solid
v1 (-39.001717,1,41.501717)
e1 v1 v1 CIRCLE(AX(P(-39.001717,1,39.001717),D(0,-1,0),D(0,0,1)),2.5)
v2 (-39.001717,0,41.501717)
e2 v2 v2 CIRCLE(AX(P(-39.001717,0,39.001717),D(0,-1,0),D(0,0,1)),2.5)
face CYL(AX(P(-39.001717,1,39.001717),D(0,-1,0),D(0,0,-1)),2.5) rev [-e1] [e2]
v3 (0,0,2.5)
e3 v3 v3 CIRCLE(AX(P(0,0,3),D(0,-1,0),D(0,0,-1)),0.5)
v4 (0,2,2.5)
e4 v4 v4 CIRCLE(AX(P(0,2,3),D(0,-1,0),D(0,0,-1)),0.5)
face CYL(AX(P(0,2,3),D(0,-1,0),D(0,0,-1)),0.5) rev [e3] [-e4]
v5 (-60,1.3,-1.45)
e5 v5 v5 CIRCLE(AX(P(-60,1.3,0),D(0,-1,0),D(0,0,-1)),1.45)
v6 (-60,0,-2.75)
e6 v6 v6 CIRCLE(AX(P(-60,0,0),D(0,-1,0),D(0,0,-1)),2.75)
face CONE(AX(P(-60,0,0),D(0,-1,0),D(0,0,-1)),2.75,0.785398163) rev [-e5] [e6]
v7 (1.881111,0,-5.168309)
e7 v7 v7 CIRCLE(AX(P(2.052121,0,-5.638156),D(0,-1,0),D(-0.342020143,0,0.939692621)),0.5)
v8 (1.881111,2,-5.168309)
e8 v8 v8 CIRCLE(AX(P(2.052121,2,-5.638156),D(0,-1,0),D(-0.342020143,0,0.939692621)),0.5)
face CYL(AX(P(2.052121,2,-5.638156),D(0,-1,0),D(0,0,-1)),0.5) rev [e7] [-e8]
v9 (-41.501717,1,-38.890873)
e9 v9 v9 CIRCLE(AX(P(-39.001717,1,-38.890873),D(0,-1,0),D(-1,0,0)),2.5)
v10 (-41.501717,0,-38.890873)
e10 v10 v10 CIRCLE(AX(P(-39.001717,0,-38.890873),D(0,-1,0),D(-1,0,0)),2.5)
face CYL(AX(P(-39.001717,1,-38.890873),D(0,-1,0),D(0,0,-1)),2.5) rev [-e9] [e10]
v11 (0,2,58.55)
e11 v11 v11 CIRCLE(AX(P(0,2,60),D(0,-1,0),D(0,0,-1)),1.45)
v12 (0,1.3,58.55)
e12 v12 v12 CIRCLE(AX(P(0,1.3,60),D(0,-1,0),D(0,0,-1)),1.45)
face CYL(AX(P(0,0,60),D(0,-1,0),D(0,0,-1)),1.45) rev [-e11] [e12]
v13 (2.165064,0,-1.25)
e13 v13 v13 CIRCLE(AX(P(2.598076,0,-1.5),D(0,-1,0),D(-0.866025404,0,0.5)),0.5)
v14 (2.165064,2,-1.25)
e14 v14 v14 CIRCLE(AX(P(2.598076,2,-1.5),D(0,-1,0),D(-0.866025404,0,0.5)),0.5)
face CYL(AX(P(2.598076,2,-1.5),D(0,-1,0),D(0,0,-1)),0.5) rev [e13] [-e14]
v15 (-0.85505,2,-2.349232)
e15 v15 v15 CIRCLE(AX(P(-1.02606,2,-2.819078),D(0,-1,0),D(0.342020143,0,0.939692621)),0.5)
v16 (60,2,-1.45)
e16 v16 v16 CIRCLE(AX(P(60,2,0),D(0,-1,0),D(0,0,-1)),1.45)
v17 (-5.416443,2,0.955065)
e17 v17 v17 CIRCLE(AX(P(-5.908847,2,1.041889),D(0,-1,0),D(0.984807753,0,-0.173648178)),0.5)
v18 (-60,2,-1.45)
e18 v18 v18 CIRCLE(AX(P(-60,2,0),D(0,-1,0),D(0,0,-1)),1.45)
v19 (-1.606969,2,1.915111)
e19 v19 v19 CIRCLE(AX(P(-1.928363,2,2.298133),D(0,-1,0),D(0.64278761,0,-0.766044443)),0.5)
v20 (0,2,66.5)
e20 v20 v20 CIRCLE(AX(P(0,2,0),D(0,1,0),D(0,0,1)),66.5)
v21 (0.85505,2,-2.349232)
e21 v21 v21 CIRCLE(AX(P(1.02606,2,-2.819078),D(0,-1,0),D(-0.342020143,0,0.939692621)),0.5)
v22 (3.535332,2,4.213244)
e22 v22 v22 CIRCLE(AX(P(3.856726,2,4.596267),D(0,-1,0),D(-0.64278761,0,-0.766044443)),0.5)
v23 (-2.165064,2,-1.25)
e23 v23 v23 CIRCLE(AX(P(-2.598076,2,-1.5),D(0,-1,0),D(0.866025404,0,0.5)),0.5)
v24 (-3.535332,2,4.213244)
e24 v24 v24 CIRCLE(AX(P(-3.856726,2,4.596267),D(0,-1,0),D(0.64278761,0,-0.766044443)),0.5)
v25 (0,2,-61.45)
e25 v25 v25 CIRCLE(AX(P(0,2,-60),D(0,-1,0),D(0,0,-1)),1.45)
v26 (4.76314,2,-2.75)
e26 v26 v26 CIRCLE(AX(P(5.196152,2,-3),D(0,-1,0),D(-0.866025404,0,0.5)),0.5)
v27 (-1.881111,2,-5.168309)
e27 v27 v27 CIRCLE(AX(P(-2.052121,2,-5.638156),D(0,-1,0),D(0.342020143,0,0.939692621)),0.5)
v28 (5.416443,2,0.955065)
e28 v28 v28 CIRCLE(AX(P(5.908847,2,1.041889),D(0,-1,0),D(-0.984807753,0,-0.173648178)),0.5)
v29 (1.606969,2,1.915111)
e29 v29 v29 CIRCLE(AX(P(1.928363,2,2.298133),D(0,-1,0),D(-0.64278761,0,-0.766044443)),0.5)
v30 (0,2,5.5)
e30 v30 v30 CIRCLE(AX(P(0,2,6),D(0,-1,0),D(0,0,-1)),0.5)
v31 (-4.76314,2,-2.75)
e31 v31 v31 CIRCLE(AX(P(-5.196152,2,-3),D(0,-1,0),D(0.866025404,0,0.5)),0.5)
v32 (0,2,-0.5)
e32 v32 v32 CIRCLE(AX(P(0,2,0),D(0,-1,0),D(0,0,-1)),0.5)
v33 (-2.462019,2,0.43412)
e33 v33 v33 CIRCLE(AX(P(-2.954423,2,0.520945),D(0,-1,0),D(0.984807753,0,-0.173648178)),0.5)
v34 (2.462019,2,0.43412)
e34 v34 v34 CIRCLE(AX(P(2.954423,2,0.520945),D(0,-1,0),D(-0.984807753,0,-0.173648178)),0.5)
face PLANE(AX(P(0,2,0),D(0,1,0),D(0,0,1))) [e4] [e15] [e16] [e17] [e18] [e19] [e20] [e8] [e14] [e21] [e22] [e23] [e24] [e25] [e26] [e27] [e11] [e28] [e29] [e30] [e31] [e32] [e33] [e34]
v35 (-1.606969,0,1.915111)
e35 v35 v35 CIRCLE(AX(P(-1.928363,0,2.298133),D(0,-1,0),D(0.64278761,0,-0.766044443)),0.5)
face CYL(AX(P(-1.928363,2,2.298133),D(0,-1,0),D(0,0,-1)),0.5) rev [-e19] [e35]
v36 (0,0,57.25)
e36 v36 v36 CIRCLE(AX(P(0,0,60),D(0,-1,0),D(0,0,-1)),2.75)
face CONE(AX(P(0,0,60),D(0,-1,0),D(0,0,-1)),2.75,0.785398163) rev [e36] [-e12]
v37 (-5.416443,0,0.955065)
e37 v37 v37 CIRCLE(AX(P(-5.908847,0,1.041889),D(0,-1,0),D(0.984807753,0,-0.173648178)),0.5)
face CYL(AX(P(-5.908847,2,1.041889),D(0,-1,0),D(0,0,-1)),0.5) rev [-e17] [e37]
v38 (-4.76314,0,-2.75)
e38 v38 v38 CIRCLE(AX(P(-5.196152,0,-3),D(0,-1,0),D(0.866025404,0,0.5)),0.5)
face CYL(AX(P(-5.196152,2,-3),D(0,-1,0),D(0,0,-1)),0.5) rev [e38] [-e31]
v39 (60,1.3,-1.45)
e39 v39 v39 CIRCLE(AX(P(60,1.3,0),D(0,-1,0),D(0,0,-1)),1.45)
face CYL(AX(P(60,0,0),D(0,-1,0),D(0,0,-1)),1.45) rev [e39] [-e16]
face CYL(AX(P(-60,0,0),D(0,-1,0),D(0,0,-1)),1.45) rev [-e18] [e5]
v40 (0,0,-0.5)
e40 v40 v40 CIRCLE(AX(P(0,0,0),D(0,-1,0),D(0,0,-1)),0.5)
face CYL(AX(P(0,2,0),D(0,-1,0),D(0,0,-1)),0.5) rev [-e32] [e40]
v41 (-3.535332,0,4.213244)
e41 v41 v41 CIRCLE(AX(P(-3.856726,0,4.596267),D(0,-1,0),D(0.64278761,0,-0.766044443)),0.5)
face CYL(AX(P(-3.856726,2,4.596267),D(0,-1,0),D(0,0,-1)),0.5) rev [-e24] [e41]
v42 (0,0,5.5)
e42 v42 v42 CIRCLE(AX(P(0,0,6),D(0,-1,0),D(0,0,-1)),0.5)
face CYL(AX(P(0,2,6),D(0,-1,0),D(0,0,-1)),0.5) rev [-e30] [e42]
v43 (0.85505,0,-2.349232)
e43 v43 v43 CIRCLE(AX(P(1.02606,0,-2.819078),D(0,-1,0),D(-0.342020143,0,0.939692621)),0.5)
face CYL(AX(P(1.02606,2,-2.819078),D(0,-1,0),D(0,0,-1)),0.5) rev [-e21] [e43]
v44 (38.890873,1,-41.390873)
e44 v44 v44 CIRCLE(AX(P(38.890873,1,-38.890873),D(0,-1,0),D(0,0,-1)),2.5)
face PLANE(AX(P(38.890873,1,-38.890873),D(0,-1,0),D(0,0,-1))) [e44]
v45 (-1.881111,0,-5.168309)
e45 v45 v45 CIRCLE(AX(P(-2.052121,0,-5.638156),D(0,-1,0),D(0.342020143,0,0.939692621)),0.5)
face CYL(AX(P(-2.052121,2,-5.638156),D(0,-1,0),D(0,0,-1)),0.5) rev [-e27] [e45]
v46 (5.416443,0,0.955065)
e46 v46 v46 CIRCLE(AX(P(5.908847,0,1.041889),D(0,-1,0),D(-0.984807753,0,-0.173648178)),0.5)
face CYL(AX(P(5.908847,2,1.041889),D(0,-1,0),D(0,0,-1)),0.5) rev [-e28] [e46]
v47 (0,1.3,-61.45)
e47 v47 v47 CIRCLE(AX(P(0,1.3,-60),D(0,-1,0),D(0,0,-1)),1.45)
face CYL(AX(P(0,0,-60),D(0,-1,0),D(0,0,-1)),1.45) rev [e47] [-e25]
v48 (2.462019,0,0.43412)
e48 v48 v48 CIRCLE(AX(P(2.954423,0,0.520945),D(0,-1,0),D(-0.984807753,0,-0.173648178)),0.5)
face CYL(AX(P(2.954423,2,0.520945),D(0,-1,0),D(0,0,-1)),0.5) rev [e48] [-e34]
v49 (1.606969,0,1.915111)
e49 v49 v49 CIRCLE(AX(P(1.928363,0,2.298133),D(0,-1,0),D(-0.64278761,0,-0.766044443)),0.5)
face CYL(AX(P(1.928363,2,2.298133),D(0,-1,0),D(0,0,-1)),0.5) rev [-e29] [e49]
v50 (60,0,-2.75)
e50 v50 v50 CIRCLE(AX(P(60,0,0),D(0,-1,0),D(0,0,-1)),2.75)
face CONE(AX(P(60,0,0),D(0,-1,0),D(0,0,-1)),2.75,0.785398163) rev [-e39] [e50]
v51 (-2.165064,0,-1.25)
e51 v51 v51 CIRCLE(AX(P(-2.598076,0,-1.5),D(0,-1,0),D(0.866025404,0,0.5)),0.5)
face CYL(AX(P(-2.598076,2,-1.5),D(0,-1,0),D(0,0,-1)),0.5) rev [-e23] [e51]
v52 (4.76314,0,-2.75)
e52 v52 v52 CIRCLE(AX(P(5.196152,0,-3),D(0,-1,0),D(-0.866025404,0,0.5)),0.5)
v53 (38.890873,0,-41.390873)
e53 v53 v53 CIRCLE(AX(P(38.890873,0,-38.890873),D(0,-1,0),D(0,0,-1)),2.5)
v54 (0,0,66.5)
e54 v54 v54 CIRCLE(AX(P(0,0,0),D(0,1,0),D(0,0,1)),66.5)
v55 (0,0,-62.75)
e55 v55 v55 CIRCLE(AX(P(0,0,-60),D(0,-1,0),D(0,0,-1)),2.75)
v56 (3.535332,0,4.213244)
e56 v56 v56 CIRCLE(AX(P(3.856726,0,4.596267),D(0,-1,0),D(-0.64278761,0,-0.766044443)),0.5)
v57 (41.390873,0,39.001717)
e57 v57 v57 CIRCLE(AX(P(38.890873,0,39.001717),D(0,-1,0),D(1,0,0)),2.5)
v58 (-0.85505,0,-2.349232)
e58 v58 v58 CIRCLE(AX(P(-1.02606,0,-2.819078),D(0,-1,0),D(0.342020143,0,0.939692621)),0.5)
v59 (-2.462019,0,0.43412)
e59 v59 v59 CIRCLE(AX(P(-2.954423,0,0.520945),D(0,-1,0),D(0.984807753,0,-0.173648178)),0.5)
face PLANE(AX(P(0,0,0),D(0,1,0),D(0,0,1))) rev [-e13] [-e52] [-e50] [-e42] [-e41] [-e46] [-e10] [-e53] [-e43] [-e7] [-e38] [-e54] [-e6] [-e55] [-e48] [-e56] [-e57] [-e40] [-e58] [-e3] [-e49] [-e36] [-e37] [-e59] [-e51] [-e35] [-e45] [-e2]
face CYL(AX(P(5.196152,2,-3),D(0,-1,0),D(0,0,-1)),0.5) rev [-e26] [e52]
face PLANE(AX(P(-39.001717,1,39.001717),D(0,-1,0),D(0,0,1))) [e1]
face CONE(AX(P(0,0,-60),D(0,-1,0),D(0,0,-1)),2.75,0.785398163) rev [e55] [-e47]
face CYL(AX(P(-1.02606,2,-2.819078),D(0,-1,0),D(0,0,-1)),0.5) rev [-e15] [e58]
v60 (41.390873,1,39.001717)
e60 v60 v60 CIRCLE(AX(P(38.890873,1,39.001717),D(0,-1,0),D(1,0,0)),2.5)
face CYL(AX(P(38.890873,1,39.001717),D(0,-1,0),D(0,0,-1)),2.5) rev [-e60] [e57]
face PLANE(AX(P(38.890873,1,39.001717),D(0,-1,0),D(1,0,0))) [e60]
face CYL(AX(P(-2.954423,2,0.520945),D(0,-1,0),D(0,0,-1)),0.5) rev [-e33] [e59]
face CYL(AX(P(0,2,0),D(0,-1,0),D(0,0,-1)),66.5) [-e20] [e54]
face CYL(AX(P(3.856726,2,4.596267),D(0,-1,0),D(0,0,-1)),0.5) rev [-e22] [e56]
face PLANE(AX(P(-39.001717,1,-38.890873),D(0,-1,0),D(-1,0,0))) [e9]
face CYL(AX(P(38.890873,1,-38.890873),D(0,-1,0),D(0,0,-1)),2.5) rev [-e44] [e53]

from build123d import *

# Parameters (mm, degrees)
SKETCH3_R                                         = 66.5
BOSS_EXTRUDE1_DEPTH                               = 2
CSK_FOR_M2_5_FLAT_HEAD_MACHINE_SCREW2_D           = 2.9
CSK_FOR_M2_5_FLAT_HEAD_MACHINE_SCREW2_DEPTH       = 2
CSK_FOR_M2_5_FLAT_HEAD_MACHINE_SCREW2_CSINK_D     = 5.5
CSK_FOR_M2_5_FLAT_HEAD_MACHINE_SCREW2_CSINK_ANGLE = 90
CSK_FOR_M2_5_FLAT_HEAD_MACHINE_SCREW2_TIP         = 0.871247898
SKETCH4_R                                         = 2.5
CUT_EXTRUDE1_DEPTH                                = 1
CIRPATTERN1_COUNT                                 = 4
SKETCH9_R                                         = 0.5
CUT_EXTRUDE2_DEPTH                                = 95.066465863
CIRPATTERN2_COUNT                                 = 9


with BuildPart() as part:
    # Sketch3 → Boss-Extrude1 (new body)
    with BuildSketch(Plane(origin=(0, 0, 0), x_dir=(1, 0, 0), z_dir=(0, 1, 0))):
        with Locations(Location((0, 0, 0), (0, 0, 270))):
            Circle(SKETCH3_R)
    extrude(amount=BOSS_EXTRUDE1_DEPTH)

    # CSK for M2.5 Flat Head Machine Screw2
    with Locations(Plane(origin=(0, 0, 0), x_dir=(-1, 0, 0), z_dir=(0, -1, 0))):
        with Locations((-60, 0), (0, 60), (60, 0), (0, -60)):
            CounterSinkHole(CSK_FOR_M2_5_FLAT_HEAD_MACHINE_SCREW2_D / 2, CSK_FOR_M2_5_FLAT_HEAD_MACHINE_SCREW2_CSINK_D / 2, depth=CSK_FOR_M2_5_FLAT_HEAD_MACHINE_SCREW2_DEPTH, counter_sink_angle=CSK_FOR_M2_5_FLAT_HEAD_MACHINE_SCREW2_CSINK_ANGLE)
            with Locations((0, 0, -(CSK_FOR_M2_5_FLAT_HEAD_MACHINE_SCREW2_DEPTH + CSK_FOR_M2_5_FLAT_HEAD_MACHINE_SCREW2_TIP / 2))):  # 118° drill point
                Cone(0, CSK_FOR_M2_5_FLAT_HEAD_MACHINE_SCREW2_D / 2, CSK_FOR_M2_5_FLAT_HEAD_MACHINE_SCREW2_TIP, mode=Mode.SUBTRACT)

    # Sketch4 → Cut-Extrude1 (cut)
    with BuildSketch(Plane(origin=(0, 0, 0), x_dir=(-1, 0, 0), z_dir=(0, -1, 0))):
        with Locations(Location((-38.890872965, 38.890872965, 0), (0, 0, 90))):
            Circle(SKETCH4_R)
    cut_extrude1 = extrude(amount=-CUT_EXTRUDE1_DEPTH, mode=Mode.SUBTRACT)

    # CirPattern1: Cut-Extrude1 ×4 about axis
    cirpattern1_axis = Axis((-0.05542221, 0, 0.05542221), (0, 1, 0))
    for i in range(1, CIRPATTERN1_COUNT):
        add(cut_extrude1.rotate(cirpattern1_axis, i * 360 / CIRPATTERN1_COUNT), mode=Mode.SUBTRACT)

    # Sketch9 → Cut-Extrude2 (cut, through all)
    with BuildSketch(Plane.XZ):
        with Locations(Location((0, 0, 0), (0, 0, 270))):
            Circle(SKETCH9_R)
        with Locations(Location((0, 3, 0), (0, 0, 270))):
            Circle(SKETCH9_R)
        with Locations(Location((0, 6, 0), (0, 0, 270))):
            Circle(SKETCH9_R)
    cut_extrude2 = extrude(amount=-CUT_EXTRUDE2_DEPTH, mode=Mode.SUBTRACT)

    # CirPattern2: Cut-Extrude2 ×9 about axis
    cirpattern2_axis = Axis((0, 0, 0), (0, 1, 0))
    for i in range(1, CIRPATTERN2_COUNT):
        add(cut_extrude2.rotate(cirpattern2_axis, i * 360 / CIRPATTERN2_COUNT), mode=Mode.SUBTRACT)


solid = part.part
